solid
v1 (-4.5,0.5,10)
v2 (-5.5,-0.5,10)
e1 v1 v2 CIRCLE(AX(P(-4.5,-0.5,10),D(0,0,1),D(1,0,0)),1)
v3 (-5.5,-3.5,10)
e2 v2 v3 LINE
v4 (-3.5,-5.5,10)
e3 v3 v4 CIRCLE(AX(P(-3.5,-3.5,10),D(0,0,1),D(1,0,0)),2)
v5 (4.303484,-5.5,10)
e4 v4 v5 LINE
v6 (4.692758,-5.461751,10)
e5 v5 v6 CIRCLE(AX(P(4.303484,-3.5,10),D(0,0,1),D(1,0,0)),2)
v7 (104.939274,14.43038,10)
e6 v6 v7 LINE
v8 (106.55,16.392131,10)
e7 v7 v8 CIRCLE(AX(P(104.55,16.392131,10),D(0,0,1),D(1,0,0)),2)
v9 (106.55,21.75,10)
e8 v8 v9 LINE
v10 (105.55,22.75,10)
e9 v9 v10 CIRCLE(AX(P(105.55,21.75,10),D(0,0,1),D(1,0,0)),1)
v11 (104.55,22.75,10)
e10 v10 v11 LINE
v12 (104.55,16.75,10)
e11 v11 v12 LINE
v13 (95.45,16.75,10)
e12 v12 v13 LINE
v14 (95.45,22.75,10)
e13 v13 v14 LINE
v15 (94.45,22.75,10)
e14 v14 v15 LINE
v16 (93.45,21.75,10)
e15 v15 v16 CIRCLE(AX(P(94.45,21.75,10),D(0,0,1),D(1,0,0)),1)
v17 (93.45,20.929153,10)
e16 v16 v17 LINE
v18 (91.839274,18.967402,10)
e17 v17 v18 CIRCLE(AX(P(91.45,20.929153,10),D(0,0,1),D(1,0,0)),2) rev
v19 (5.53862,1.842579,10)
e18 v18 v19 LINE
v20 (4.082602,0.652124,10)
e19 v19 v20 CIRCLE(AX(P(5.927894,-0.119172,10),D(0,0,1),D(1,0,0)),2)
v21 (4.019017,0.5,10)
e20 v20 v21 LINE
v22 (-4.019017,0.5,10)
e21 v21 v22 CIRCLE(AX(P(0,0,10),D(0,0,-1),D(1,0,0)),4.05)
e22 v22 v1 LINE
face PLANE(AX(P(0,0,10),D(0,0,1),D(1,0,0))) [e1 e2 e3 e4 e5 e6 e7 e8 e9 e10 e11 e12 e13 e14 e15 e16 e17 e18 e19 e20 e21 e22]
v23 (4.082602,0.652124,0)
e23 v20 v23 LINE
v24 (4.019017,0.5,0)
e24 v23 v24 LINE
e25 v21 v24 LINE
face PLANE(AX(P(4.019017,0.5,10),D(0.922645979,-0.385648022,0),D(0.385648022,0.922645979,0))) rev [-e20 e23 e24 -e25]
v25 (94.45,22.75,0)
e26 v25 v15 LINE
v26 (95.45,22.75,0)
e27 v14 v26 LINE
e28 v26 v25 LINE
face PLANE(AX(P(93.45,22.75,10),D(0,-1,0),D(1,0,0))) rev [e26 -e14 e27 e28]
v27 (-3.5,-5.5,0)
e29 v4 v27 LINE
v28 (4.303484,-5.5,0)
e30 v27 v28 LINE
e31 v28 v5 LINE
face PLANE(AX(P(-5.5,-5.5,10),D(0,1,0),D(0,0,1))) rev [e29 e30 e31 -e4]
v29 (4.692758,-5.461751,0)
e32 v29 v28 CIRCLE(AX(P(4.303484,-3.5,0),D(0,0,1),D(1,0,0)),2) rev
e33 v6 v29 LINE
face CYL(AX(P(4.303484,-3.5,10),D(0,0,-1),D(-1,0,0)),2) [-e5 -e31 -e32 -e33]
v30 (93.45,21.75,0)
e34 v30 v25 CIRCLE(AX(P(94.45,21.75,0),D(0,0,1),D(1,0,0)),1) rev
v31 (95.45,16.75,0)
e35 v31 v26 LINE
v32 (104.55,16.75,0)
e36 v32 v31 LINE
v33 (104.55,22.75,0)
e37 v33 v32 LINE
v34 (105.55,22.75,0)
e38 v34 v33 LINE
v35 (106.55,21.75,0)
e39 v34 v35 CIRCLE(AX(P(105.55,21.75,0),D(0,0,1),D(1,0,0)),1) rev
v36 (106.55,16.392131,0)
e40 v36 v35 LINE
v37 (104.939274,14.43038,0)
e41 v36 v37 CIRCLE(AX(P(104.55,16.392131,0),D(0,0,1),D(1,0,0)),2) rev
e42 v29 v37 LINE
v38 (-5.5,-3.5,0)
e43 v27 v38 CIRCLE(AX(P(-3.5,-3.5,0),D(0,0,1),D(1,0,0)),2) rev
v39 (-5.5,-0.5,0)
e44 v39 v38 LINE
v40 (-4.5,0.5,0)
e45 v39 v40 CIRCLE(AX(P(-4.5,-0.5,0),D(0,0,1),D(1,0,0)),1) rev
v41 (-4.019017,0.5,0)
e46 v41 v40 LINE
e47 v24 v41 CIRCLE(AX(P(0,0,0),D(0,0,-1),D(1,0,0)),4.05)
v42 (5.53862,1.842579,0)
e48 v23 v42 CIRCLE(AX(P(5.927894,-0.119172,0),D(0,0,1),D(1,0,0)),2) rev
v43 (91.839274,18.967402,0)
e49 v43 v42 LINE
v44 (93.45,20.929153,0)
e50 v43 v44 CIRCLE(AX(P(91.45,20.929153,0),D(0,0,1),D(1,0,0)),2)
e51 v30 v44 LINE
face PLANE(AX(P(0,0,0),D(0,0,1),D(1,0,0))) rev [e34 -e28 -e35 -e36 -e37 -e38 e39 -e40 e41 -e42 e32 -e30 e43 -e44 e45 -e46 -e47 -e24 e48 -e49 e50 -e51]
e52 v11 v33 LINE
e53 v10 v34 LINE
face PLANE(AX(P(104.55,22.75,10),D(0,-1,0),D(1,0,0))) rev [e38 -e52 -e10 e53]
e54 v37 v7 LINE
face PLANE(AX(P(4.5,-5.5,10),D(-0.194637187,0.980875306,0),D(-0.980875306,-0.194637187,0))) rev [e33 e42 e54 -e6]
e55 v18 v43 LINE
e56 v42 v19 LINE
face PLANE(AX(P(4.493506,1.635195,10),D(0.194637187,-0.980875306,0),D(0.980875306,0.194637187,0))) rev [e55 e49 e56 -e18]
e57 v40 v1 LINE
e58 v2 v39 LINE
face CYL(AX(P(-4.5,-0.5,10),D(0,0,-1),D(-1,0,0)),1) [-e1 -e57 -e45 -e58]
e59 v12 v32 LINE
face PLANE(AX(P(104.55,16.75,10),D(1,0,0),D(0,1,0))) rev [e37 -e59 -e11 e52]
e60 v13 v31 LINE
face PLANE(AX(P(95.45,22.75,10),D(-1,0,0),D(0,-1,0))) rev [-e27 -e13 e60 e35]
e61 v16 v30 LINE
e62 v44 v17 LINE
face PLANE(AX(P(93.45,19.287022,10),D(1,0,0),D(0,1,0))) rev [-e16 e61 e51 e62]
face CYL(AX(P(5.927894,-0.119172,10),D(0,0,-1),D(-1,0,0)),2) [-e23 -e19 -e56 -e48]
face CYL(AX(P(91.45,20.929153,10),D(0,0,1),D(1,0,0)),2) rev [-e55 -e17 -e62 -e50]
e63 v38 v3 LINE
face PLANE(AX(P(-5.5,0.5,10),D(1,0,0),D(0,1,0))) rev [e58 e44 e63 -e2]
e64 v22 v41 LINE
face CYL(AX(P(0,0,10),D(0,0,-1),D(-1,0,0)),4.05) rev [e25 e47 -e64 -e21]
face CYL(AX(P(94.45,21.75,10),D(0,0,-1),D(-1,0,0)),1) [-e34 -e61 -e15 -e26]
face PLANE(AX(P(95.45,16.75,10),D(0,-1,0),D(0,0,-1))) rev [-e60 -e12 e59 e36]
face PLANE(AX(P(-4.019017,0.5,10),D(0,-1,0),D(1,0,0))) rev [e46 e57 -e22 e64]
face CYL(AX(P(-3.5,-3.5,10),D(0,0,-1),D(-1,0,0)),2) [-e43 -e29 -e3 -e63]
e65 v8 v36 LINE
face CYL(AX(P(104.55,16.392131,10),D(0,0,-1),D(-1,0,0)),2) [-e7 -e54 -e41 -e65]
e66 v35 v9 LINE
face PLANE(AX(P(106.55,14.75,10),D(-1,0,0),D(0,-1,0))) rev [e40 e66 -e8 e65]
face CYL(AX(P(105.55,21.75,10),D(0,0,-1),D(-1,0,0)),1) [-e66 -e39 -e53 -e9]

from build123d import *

# Parameters (mm, degrees)
EXTRUDE_1_DEPTH = 10
FILLET_1_R      = 2
FILLET_2_R      = 1


with BuildPart() as part:
    # Эскиз1 → Бобышка-Вытянуть1 (new body)
    with BuildSketch(Plane.XY):
        with BuildLine():
            Line((95.45, 22.75), (95.45, 16.75))
            Line((95.45, 16.75), (104.55, 16.75))
            Line((104.55, 16.75), (104.55, 22.75))
            Line((104.55, 22.75), (106.55, 22.75))
            Line((106.55, 22.75), (106.55, 14.75))
            Line((106.55, 14.75), (4.5, -5.5))
            Line((4.5, -5.5), (-5.5, -5.5))
            Line((-5.5, -5.5), (-5.5, 0.5))
            Line((-5.5, 0.5), (-4.019017293, 0.5))
            ThreePointArc((-4.019017293, 0.5), (0, -4.05), (4.019017293, 0.5))
            Line((4.019017293, 0.5), (4.493506463, 1.63519453))
            Line((4.493506463, 1.63519453), (93.45, 19.287022008))
            Line((93.45, 19.287022008), (93.45, 22.75))
            Line((93.45, 22.75), (95.45, 22.75))
        make_face()
    extrude(amount=EXTRUDE_1_DEPTH)

    # Скругление1
    fillet_1_edges = [part.edges().sort_by_distance(p)[0] for p in [
        (4.493506463, 1.63519453, 5),
        (93.45, 19.287022008, 5),
        (106.55, 14.75, 5),
        (4.5, -5.5, 5),
        (-5.5, -5.5, 5),
    ]]
    fillet(fillet_1_edges, radius=FILLET_1_R)

    # Скругление2
    fillet_2_edges = [part.edges().sort_by_distance(p)[0] for p in [
        (93.45, 22.75, 5),
        (106.55, 22.75, 5),
        (-5.5, 0.5, 5),
    ]]
    fillet(fillet_2_edges, radius=FILLET_2_R)


solid = part.part
